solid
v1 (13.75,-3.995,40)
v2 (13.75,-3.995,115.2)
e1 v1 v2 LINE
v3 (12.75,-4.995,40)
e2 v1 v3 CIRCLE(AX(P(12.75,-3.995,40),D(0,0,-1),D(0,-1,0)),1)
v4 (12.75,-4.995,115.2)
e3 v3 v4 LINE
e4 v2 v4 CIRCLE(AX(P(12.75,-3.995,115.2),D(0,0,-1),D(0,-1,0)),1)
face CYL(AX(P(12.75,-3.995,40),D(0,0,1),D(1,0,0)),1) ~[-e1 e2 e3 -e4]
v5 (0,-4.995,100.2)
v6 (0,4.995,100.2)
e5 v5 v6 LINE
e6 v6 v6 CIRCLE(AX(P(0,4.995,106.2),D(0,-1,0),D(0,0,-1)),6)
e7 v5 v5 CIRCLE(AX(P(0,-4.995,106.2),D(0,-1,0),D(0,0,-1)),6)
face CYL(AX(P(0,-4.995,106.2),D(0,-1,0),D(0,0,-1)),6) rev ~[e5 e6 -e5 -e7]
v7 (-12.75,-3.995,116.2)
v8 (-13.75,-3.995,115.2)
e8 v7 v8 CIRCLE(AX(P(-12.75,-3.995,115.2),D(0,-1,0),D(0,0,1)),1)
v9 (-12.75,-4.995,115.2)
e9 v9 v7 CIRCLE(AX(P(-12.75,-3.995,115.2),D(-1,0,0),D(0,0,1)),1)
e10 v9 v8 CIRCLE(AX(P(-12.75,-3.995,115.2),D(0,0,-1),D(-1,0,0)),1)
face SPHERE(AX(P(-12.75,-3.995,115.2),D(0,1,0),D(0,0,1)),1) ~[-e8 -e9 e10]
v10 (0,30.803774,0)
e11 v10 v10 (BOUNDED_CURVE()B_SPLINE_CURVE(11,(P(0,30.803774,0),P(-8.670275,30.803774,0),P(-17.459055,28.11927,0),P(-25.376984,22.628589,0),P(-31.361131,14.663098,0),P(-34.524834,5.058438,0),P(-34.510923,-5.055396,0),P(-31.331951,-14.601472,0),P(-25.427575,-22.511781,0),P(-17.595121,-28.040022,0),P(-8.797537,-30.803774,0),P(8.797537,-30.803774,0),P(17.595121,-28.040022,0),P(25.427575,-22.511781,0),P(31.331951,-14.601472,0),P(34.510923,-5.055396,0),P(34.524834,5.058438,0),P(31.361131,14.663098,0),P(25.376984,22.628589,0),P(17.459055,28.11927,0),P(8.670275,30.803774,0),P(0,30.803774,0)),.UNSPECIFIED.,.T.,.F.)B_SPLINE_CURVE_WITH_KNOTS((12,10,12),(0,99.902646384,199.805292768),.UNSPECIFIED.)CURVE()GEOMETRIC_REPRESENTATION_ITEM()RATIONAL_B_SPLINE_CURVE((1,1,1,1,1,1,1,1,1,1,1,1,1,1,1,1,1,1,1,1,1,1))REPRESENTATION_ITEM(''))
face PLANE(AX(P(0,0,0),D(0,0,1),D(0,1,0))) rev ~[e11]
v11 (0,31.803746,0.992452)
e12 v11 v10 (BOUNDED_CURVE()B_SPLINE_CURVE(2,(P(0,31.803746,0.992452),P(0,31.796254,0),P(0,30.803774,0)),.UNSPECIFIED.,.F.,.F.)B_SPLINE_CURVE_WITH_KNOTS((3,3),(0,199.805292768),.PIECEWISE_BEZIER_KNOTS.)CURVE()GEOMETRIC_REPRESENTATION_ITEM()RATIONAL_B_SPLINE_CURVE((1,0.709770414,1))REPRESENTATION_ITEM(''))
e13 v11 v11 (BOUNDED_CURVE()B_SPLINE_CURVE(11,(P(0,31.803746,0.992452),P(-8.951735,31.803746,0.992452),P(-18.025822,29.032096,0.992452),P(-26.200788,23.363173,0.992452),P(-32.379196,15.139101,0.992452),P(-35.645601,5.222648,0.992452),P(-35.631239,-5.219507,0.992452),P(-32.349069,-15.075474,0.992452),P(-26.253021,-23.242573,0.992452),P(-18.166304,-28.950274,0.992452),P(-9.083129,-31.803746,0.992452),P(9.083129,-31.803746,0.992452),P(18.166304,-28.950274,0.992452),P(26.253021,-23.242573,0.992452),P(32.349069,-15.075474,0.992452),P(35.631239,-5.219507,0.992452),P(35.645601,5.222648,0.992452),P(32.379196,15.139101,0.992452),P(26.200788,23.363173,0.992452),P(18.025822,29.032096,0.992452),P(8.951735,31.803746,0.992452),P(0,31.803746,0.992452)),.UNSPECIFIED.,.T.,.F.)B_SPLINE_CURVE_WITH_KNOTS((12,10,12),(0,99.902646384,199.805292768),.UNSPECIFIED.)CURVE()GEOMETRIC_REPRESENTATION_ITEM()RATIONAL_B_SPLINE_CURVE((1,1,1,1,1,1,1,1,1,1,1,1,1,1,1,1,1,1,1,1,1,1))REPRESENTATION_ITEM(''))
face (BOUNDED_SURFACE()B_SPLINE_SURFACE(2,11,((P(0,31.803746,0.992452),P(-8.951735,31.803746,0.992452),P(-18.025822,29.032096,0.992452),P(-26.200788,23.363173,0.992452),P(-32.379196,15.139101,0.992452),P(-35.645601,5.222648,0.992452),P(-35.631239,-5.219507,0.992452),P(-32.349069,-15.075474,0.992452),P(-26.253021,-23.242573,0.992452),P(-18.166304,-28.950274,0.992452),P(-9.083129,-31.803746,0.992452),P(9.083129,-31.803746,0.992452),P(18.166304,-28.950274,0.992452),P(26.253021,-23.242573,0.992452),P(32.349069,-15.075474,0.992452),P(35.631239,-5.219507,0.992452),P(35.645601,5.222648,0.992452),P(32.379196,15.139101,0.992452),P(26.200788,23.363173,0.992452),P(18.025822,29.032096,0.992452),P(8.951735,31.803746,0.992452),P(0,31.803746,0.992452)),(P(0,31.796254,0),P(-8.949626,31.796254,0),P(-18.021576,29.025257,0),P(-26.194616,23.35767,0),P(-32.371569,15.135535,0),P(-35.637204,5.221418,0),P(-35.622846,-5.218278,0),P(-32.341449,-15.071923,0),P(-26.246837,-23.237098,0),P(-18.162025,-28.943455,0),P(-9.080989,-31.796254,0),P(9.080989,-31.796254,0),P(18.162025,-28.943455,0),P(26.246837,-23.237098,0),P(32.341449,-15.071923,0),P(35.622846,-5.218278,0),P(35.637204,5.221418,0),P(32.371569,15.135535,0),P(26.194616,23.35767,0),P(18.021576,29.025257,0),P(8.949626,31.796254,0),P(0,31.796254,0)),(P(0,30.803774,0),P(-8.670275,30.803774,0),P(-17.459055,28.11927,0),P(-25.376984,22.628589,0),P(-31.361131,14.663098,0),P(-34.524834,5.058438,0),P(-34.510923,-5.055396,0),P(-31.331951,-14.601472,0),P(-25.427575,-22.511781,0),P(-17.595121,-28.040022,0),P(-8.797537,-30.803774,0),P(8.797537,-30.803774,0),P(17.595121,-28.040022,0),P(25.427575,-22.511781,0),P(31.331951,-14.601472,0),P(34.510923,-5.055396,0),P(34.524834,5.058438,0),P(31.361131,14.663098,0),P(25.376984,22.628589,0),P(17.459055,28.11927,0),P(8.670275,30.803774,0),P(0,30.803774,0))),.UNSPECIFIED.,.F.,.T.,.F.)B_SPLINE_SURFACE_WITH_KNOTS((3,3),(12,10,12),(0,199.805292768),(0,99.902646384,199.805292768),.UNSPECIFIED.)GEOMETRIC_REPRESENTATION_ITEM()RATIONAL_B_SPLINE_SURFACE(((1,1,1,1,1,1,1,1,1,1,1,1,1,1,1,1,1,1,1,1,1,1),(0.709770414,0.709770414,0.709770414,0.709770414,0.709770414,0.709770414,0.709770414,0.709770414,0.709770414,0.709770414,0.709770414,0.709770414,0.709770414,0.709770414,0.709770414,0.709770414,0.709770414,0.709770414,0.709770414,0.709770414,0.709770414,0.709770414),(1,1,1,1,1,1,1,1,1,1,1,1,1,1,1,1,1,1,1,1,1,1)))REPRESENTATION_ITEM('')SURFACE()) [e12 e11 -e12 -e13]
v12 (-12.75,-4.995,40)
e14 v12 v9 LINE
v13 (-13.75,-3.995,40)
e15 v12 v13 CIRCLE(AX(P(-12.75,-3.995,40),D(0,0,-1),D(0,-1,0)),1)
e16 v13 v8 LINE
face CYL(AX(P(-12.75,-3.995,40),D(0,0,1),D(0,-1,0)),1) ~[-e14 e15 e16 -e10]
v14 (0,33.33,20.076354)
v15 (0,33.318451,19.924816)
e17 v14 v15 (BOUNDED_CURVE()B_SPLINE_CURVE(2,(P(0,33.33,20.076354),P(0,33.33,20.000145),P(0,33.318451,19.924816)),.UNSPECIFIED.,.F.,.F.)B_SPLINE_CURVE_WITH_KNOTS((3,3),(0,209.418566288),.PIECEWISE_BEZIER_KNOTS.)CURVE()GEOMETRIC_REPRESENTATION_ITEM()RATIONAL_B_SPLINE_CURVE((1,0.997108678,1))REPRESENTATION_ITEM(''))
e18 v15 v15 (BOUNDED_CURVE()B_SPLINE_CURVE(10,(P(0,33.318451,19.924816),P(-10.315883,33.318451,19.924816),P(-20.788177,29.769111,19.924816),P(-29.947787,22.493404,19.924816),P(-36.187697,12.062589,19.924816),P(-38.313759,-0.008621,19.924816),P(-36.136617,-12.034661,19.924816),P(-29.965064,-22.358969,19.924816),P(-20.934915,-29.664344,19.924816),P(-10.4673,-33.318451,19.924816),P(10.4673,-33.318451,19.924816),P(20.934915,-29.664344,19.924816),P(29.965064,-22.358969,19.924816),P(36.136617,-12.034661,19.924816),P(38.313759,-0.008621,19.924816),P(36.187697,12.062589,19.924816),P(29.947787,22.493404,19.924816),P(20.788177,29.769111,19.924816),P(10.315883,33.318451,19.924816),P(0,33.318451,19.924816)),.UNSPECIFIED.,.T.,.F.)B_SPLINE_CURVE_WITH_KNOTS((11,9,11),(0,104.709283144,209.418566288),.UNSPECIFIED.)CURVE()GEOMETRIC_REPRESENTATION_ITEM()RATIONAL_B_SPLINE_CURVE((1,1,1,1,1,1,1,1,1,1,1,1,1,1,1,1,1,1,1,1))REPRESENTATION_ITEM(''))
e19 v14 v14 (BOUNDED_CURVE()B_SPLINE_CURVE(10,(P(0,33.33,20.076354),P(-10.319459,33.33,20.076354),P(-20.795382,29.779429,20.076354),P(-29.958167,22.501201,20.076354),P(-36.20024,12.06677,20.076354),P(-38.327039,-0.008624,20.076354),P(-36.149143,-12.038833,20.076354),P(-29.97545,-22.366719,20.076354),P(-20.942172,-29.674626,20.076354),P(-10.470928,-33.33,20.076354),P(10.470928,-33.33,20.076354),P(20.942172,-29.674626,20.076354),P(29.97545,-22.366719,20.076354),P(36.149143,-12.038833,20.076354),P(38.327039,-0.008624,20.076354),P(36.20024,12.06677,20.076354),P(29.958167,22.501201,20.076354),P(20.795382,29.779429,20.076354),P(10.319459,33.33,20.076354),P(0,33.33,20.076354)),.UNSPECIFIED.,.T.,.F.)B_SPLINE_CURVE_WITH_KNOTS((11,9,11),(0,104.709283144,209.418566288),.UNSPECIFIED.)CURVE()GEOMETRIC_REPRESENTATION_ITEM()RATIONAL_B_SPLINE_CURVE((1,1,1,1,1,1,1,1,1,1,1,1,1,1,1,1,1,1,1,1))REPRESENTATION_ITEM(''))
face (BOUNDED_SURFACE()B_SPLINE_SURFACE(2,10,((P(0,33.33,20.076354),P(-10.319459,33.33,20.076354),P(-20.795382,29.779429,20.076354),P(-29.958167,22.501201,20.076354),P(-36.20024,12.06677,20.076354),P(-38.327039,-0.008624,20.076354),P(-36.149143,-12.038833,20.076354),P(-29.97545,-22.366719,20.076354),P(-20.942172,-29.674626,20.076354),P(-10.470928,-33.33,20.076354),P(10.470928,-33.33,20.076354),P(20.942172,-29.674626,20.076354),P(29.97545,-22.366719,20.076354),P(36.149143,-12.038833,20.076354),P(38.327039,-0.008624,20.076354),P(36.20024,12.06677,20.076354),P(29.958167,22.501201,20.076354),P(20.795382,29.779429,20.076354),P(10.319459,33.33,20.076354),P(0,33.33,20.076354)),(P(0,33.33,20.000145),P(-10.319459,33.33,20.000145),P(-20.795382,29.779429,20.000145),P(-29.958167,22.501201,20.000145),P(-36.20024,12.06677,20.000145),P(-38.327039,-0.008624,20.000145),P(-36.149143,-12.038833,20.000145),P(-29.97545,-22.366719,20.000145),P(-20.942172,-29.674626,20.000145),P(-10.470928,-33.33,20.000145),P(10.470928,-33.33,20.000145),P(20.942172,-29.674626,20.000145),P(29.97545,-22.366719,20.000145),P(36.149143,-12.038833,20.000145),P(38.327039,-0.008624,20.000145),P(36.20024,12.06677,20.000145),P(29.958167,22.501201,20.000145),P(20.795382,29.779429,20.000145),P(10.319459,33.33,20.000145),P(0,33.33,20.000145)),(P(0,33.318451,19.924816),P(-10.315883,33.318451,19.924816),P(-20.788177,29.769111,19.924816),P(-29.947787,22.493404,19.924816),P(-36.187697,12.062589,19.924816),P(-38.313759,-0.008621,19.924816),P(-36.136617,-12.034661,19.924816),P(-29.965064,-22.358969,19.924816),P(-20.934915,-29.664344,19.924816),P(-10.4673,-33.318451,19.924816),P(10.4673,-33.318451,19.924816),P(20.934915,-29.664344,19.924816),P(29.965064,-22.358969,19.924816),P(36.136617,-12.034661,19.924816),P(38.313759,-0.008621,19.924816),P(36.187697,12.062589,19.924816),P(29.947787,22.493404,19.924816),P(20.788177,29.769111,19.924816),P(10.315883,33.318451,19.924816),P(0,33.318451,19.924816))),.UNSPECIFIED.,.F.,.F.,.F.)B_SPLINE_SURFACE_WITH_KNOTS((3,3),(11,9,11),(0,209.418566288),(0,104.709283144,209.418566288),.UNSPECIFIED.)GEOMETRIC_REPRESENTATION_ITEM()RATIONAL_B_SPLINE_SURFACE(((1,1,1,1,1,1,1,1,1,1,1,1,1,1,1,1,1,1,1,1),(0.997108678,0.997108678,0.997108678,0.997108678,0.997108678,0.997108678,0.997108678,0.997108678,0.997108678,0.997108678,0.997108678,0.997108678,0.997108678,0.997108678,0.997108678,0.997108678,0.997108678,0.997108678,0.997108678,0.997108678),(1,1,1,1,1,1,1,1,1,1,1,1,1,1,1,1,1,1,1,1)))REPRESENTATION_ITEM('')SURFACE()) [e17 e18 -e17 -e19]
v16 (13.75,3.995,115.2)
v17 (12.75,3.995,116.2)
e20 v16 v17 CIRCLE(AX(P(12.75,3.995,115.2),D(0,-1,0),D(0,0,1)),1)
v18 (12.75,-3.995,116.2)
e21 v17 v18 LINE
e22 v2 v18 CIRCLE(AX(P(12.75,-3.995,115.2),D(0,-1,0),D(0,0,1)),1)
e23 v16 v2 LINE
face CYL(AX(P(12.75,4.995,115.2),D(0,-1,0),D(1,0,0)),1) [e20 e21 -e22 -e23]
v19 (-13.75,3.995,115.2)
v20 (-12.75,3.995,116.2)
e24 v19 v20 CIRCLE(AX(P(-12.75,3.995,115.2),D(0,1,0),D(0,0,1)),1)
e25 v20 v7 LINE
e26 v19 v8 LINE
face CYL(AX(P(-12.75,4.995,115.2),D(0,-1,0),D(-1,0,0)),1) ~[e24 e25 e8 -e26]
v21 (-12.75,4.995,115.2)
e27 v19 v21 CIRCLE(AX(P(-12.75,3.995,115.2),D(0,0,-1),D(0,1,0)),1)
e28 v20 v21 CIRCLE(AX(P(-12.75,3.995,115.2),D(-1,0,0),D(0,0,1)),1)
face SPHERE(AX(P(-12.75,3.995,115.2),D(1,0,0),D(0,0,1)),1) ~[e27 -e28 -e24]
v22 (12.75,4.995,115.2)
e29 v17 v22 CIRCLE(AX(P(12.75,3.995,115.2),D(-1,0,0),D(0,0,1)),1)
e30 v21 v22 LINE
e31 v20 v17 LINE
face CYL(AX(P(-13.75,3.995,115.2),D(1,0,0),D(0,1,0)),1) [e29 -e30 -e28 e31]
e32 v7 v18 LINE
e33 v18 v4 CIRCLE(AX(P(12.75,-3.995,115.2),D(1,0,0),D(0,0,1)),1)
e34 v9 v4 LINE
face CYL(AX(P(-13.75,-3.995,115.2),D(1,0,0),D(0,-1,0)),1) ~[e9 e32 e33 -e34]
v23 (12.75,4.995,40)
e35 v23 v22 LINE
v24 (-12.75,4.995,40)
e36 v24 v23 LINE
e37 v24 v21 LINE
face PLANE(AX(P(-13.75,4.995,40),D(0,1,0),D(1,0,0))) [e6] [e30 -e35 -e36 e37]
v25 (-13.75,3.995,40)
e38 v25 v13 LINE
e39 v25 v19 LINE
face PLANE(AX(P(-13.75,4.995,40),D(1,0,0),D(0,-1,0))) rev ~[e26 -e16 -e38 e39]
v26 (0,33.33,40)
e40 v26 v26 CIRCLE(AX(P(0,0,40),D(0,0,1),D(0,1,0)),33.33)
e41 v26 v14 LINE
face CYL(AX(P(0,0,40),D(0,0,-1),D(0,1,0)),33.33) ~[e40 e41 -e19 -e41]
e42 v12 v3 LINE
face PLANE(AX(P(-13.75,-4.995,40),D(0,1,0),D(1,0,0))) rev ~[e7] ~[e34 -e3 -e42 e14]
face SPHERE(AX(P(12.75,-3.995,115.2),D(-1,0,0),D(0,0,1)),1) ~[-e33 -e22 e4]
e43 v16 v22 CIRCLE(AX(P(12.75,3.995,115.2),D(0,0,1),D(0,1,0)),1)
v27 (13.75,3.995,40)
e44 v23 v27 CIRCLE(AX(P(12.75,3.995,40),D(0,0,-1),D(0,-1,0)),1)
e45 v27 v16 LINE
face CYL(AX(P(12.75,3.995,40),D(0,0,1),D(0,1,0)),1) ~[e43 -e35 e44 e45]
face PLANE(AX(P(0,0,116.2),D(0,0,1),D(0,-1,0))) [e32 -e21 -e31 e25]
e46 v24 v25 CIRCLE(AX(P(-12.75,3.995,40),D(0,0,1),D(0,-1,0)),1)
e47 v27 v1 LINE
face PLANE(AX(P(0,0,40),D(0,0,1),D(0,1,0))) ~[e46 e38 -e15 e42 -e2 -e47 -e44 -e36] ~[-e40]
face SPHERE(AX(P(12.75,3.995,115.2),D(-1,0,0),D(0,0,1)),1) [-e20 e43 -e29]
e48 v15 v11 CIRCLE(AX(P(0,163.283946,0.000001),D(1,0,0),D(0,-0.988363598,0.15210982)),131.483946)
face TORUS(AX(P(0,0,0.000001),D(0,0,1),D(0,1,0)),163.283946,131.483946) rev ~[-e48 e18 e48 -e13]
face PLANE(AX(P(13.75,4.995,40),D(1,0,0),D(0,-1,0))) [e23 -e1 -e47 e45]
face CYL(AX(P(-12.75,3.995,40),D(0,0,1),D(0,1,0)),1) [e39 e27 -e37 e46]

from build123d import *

# Parameters (mm, degrees)
SKETCH017_W     = 9.99
SKETCH017_H     = 27.5
PAD007_DEPTH    = 76.2
SKETCH018_R     = 6
POCKET005_DEPTH = 38.326
FILLET003_R     = 1
FILLET004_R     = 1


with BuildPart() as part:
    # Sketch016 → Revolution004 (revolve)
    with BuildSketch(Plane.YZ):
        with BuildLine():
            Line((0, 40), (33.33, 40))
            Line((33.33, 40), (33.33, 20))
            ThreePointArc((33.33, 20), (32.183058, 10.029219), (31.8, 0))
            Line((31.8, 0), (0, 0))
            Line((0, 40), (0, 0))
        make_face()
    revolve(axis=Axis((0, 0, 0), (0, 0, 1)))

    # Sketch017 (on Face1 of Revolution004) → Pad007 (new body)
    with BuildSketch(Plane(origin=(0, 0, 40), x_dir=(0, -1, 0), z_dir=(0, 0, 1))):
        Rectangle(SKETCH017_W, SKETCH017_H)
    extrude(amount=PAD007_DEPTH)

    # Sketch018 (on Face5 of Pad007) → Pocket005 (cut, through all)
    with BuildSketch(Plane(origin=(0, -4.995, 0), x_dir=(0, 0, -1), z_dir=(0, -1, 0))):
        with Locations((-106.2, 0)):
            Circle(SKETCH018_R)
    extrude(amount=-POCKET005_DEPTH, mode=Mode.SUBTRACT)

    # Fillet003
    fillet003_edges = [part.edges().sort_by_distance(p)[0] for p in [
        (0, 4.995, 116.2),
        (-13.75, 0, 116.2),
        (0, -4.995, 116.2),
        (13.75, 0, 116.2),
        (13.75, -4.995, 78.1),
        (13.75, 4.995, 78.1),
        (-13.75, 4.995, 78.1),
        (-13.75, -4.995, 78.1),
    ]]
    fillet(fillet003_edges, radius=FILLET003_R)

    # Fillet004
    fillet004_edges = [part.edges().sort_by_distance(p)[0] for p in [
        (0, -33.33, 20),
        (0, -31.8, 0),
    ]]
    fillet(fillet004_edges, radius=FILLET004_R)


solid = part.part
